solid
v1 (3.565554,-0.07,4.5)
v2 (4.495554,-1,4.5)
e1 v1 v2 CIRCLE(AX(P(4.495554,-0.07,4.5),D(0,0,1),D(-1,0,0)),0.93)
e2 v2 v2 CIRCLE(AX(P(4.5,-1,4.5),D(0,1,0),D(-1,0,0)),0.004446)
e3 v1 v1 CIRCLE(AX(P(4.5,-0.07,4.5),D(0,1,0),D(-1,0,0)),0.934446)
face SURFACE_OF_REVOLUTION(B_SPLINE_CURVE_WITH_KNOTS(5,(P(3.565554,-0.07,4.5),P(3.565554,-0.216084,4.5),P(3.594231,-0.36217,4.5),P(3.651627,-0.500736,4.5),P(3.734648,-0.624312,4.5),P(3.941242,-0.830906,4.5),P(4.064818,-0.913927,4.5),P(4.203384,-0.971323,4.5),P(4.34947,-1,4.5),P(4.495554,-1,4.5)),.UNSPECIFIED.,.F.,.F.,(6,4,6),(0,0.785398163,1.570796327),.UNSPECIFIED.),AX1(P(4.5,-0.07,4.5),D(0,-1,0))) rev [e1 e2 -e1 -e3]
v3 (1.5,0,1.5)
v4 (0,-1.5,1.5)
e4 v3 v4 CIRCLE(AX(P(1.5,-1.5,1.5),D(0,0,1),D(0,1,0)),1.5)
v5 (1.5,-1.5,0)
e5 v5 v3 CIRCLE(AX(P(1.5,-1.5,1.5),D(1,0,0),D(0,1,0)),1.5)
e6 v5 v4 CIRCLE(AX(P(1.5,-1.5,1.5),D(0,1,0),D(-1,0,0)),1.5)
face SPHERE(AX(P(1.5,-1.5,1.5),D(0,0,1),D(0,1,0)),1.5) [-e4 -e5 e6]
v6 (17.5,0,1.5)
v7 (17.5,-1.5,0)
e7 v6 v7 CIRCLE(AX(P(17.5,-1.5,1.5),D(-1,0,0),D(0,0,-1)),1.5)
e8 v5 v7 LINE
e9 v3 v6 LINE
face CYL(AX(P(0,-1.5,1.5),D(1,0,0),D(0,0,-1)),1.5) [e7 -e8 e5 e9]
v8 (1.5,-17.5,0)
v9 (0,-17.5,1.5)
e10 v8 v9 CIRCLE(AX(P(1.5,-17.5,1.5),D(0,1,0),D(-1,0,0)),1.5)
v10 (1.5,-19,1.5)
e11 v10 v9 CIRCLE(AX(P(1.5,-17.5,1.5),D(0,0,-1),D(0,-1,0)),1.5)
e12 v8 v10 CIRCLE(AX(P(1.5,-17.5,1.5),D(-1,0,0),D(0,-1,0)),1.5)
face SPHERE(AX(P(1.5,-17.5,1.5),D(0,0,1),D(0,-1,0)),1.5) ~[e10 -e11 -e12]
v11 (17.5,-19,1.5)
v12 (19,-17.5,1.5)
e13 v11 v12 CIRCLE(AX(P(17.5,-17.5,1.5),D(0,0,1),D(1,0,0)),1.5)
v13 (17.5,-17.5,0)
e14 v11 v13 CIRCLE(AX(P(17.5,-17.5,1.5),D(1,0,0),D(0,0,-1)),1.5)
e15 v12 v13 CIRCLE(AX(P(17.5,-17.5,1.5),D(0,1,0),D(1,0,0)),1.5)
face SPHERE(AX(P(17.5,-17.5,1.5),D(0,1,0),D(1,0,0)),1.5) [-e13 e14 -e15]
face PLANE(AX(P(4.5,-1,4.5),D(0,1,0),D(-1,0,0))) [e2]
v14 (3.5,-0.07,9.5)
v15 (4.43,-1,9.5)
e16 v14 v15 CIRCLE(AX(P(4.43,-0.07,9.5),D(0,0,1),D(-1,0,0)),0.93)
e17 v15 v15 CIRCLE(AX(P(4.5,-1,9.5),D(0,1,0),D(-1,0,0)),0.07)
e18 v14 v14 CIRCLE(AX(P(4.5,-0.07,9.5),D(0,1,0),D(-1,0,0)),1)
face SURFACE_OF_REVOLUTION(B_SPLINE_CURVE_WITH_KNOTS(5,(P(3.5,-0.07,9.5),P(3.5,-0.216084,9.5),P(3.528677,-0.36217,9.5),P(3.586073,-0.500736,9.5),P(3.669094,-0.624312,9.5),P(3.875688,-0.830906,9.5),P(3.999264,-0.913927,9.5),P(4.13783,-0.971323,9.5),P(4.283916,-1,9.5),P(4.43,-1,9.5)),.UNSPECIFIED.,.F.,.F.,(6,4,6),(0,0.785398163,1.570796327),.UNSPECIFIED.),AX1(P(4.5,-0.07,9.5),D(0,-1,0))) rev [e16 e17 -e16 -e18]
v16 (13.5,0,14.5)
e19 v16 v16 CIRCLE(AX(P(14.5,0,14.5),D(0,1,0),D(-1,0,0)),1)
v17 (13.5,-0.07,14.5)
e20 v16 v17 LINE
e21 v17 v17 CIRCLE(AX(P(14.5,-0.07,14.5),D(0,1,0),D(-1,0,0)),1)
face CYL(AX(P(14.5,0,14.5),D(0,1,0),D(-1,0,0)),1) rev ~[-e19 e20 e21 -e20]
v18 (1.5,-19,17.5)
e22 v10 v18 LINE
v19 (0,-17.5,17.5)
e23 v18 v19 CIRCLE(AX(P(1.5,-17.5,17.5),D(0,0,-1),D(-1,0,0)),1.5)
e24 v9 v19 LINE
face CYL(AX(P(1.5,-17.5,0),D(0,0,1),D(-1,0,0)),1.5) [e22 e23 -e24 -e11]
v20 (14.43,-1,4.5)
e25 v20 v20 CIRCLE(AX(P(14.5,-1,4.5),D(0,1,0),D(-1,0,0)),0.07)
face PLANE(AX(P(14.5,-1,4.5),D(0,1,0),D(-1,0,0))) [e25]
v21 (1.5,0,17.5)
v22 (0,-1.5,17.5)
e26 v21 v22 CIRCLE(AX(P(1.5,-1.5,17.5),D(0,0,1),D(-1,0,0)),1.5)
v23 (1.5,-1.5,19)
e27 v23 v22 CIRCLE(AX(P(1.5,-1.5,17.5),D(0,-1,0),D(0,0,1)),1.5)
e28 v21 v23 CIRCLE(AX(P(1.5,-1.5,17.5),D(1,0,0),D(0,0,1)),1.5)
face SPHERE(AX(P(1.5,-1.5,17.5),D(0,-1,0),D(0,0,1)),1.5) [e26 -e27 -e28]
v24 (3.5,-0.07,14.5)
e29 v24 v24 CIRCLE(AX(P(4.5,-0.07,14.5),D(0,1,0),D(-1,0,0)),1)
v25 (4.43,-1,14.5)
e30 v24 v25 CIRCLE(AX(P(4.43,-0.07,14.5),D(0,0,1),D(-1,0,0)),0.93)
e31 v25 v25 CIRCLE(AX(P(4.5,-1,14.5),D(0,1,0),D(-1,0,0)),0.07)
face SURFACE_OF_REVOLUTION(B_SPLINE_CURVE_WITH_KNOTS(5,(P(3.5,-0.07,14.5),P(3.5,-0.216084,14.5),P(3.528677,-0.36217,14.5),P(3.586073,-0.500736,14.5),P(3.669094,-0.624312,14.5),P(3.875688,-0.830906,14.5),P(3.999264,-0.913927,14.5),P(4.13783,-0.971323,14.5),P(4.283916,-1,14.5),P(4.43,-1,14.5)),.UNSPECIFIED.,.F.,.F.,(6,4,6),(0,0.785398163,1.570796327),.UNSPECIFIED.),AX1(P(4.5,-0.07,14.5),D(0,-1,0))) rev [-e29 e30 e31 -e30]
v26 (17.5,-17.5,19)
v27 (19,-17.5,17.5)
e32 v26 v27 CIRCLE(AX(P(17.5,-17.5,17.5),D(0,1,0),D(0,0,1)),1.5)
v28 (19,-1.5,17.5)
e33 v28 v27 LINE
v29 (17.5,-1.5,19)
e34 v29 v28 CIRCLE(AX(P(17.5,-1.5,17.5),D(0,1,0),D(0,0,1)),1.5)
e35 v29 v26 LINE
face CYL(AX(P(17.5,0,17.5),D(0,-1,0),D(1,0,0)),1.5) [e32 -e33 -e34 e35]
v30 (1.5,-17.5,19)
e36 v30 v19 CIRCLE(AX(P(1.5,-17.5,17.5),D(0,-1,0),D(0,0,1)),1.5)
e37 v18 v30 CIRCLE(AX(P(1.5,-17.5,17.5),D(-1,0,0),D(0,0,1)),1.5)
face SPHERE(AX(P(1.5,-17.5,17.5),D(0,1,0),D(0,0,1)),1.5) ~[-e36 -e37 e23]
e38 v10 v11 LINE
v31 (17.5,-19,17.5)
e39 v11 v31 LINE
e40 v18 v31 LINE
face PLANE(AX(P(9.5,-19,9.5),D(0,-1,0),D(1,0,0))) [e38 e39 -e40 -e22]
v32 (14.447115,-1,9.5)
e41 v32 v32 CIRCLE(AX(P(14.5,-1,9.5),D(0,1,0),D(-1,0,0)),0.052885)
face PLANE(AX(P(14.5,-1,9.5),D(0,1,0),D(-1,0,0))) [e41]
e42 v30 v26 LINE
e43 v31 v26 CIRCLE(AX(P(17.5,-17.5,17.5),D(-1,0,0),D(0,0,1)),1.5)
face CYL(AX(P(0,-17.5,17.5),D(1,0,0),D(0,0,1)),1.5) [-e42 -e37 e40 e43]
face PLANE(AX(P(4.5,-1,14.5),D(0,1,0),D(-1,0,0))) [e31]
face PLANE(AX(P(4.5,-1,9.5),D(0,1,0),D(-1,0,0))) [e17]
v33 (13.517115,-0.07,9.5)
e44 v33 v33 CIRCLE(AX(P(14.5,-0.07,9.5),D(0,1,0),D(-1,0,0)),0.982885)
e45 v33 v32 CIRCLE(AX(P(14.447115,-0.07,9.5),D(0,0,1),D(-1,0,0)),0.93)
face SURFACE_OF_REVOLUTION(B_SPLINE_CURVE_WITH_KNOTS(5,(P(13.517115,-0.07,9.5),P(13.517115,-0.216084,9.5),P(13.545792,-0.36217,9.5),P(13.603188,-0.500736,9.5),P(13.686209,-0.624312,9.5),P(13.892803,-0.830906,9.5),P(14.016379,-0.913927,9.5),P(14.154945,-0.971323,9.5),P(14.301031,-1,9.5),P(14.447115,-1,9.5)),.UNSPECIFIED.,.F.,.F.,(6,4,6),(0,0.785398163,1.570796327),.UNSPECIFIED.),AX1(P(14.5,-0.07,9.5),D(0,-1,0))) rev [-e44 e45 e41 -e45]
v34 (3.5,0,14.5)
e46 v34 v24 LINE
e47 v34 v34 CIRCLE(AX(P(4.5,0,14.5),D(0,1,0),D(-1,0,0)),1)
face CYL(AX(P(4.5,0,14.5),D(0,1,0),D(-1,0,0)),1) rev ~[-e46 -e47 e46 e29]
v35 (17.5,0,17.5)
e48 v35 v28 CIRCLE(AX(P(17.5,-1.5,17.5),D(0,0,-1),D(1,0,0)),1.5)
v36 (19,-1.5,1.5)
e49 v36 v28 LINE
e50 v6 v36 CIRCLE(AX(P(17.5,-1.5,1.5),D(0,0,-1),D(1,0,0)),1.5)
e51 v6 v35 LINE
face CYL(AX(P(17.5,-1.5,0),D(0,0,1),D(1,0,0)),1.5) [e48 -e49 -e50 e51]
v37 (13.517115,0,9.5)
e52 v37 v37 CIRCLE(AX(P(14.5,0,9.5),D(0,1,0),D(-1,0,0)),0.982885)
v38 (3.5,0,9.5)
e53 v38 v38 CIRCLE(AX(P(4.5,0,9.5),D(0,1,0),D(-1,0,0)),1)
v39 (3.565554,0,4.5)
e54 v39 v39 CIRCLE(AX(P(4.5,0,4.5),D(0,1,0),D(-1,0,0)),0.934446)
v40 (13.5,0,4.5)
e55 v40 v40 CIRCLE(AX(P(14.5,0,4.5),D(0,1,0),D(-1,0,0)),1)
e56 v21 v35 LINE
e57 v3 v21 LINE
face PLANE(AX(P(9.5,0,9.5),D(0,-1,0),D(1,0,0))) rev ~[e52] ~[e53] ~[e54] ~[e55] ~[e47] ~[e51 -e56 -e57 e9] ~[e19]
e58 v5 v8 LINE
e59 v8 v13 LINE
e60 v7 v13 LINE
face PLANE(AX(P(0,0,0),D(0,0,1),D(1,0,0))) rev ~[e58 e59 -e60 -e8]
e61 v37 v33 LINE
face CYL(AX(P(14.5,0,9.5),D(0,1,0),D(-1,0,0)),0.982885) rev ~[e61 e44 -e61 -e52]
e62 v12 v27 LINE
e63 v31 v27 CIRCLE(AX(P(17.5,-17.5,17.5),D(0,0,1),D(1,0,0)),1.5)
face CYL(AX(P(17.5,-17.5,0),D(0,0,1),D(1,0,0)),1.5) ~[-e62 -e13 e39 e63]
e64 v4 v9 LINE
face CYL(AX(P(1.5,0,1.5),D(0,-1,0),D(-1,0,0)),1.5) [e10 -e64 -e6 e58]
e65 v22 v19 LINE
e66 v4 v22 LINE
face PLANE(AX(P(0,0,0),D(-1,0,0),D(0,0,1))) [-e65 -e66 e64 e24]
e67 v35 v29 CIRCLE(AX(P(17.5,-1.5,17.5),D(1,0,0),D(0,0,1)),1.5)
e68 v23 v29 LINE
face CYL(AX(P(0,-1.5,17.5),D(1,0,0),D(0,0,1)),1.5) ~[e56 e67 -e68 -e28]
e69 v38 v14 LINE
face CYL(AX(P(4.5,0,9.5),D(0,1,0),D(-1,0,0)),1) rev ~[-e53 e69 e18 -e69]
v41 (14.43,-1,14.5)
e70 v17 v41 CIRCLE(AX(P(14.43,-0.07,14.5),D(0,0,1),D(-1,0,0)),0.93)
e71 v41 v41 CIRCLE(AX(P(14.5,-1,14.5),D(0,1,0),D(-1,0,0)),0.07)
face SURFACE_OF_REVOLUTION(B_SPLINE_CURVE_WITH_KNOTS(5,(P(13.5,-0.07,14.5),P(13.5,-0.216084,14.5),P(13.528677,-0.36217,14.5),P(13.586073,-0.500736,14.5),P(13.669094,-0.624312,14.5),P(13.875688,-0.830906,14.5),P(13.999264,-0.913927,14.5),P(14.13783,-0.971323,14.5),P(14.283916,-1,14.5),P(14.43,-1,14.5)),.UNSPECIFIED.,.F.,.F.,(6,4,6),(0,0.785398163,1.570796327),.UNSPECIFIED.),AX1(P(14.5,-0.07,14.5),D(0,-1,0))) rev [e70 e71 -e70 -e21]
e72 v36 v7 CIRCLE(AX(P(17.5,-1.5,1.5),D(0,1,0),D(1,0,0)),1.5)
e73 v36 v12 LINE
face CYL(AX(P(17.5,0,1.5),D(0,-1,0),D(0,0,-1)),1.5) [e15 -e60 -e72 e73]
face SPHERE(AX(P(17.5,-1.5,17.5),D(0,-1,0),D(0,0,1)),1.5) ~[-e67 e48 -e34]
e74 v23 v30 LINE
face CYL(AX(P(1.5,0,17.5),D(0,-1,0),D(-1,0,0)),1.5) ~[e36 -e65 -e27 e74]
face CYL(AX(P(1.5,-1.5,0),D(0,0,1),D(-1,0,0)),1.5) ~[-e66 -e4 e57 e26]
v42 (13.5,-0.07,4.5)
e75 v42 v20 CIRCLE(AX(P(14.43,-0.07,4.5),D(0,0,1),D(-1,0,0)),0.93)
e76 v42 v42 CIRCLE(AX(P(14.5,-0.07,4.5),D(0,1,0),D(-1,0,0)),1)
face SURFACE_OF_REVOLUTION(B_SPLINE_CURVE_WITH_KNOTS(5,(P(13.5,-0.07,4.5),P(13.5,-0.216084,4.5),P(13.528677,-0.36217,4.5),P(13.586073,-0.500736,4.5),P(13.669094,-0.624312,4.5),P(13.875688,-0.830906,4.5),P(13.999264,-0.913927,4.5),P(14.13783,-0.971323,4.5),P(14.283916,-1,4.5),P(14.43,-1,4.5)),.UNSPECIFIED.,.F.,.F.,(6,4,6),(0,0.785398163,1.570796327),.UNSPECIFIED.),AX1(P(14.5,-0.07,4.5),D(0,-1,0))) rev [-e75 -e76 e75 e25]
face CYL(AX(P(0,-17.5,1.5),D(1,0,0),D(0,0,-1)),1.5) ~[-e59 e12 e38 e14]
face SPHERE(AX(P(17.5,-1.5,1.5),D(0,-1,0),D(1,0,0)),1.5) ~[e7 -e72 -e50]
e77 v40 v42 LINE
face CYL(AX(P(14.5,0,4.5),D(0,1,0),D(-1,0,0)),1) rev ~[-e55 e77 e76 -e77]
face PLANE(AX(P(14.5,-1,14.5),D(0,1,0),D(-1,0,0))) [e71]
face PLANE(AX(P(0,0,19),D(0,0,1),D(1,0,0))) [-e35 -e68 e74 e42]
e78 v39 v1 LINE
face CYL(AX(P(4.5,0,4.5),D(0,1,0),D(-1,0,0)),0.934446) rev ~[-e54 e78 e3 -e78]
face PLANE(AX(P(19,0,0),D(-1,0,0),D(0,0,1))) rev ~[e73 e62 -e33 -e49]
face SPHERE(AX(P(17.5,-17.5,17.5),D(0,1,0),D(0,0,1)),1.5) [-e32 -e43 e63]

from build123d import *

# Parameters (mm, degrees)
F0_W     = 19
F0_H     = 19
F1_DEPTH = 19
F2_R     = 1.5
F3_R     = 0.982885
F3_R_2   = 1
F3_R_3   = 0.934446
F4_DEPTH = 1
F5_R     = 0.93


with BuildPart() as f1:
    # F0 (on Front) → F1 (new body)
    with BuildSketch(Plane.XZ):
        with Locations((9.5, 9.5)):
            Rectangle(F0_W, F0_H)
    extrude(amount=F1_DEPTH)

    # F2
    f2_edges = [f1.edges().sort_by_distance(p)[0] for p in [
        (19, -9.5, 19),
        (0, -9.5, 19),
        (9.5, 0, 19),
        (9.5, -19, 19),
        (19, -9.5, 0),
        (19, 0, 9.5),
        (19, -19, 9.5),
        (0, 0, 9.5),
        (9.5, 0, 0),
        (0, -19, 9.5),
        (9.5, -19, 0),
        (0, -9.5, 0),
    ]]
    fillet(f2_edges, radius=F2_R)

    # F3 (on face) → F4 (cut)
    with BuildSketch(Plane(origin=(0, 0, 0), x_dir=(-1, 0, 0), z_dir=(0, 1, 0))):
        with Locations((-14.5, 9.5)):
            Circle(F3_R)
        with Locations((-14.5, 14.5)):
            Circle(F3_R_2)
        with Locations((-14.5, 4.5)):
            Circle(F3_R_2)
        with Locations((-4.5, 4.5)):
            Circle(F3_R_3)
        with Locations((-4.5, 9.5)):
            Circle(F3_R_2)
        with Locations((-4.5, 14.5)):
            Circle(F3_R_2)
    extrude(amount=-F4_DEPTH, mode=Mode.SUBTRACT)

    # F5
    f5_edges = [f1.edges().sort_by_distance(p)[0] for p in [
        (15.5, -1, 14.5),
        (15.482885, -1, 9.5),
        (15.5, -1, 4.5),
        (5.434446, -1, 4.5),
        (5.5, -1, 9.5),
        (5.5, -1, 14.5),
    ]]
    fillet(f5_edges, radius=F5_R)


solid = f1.part
